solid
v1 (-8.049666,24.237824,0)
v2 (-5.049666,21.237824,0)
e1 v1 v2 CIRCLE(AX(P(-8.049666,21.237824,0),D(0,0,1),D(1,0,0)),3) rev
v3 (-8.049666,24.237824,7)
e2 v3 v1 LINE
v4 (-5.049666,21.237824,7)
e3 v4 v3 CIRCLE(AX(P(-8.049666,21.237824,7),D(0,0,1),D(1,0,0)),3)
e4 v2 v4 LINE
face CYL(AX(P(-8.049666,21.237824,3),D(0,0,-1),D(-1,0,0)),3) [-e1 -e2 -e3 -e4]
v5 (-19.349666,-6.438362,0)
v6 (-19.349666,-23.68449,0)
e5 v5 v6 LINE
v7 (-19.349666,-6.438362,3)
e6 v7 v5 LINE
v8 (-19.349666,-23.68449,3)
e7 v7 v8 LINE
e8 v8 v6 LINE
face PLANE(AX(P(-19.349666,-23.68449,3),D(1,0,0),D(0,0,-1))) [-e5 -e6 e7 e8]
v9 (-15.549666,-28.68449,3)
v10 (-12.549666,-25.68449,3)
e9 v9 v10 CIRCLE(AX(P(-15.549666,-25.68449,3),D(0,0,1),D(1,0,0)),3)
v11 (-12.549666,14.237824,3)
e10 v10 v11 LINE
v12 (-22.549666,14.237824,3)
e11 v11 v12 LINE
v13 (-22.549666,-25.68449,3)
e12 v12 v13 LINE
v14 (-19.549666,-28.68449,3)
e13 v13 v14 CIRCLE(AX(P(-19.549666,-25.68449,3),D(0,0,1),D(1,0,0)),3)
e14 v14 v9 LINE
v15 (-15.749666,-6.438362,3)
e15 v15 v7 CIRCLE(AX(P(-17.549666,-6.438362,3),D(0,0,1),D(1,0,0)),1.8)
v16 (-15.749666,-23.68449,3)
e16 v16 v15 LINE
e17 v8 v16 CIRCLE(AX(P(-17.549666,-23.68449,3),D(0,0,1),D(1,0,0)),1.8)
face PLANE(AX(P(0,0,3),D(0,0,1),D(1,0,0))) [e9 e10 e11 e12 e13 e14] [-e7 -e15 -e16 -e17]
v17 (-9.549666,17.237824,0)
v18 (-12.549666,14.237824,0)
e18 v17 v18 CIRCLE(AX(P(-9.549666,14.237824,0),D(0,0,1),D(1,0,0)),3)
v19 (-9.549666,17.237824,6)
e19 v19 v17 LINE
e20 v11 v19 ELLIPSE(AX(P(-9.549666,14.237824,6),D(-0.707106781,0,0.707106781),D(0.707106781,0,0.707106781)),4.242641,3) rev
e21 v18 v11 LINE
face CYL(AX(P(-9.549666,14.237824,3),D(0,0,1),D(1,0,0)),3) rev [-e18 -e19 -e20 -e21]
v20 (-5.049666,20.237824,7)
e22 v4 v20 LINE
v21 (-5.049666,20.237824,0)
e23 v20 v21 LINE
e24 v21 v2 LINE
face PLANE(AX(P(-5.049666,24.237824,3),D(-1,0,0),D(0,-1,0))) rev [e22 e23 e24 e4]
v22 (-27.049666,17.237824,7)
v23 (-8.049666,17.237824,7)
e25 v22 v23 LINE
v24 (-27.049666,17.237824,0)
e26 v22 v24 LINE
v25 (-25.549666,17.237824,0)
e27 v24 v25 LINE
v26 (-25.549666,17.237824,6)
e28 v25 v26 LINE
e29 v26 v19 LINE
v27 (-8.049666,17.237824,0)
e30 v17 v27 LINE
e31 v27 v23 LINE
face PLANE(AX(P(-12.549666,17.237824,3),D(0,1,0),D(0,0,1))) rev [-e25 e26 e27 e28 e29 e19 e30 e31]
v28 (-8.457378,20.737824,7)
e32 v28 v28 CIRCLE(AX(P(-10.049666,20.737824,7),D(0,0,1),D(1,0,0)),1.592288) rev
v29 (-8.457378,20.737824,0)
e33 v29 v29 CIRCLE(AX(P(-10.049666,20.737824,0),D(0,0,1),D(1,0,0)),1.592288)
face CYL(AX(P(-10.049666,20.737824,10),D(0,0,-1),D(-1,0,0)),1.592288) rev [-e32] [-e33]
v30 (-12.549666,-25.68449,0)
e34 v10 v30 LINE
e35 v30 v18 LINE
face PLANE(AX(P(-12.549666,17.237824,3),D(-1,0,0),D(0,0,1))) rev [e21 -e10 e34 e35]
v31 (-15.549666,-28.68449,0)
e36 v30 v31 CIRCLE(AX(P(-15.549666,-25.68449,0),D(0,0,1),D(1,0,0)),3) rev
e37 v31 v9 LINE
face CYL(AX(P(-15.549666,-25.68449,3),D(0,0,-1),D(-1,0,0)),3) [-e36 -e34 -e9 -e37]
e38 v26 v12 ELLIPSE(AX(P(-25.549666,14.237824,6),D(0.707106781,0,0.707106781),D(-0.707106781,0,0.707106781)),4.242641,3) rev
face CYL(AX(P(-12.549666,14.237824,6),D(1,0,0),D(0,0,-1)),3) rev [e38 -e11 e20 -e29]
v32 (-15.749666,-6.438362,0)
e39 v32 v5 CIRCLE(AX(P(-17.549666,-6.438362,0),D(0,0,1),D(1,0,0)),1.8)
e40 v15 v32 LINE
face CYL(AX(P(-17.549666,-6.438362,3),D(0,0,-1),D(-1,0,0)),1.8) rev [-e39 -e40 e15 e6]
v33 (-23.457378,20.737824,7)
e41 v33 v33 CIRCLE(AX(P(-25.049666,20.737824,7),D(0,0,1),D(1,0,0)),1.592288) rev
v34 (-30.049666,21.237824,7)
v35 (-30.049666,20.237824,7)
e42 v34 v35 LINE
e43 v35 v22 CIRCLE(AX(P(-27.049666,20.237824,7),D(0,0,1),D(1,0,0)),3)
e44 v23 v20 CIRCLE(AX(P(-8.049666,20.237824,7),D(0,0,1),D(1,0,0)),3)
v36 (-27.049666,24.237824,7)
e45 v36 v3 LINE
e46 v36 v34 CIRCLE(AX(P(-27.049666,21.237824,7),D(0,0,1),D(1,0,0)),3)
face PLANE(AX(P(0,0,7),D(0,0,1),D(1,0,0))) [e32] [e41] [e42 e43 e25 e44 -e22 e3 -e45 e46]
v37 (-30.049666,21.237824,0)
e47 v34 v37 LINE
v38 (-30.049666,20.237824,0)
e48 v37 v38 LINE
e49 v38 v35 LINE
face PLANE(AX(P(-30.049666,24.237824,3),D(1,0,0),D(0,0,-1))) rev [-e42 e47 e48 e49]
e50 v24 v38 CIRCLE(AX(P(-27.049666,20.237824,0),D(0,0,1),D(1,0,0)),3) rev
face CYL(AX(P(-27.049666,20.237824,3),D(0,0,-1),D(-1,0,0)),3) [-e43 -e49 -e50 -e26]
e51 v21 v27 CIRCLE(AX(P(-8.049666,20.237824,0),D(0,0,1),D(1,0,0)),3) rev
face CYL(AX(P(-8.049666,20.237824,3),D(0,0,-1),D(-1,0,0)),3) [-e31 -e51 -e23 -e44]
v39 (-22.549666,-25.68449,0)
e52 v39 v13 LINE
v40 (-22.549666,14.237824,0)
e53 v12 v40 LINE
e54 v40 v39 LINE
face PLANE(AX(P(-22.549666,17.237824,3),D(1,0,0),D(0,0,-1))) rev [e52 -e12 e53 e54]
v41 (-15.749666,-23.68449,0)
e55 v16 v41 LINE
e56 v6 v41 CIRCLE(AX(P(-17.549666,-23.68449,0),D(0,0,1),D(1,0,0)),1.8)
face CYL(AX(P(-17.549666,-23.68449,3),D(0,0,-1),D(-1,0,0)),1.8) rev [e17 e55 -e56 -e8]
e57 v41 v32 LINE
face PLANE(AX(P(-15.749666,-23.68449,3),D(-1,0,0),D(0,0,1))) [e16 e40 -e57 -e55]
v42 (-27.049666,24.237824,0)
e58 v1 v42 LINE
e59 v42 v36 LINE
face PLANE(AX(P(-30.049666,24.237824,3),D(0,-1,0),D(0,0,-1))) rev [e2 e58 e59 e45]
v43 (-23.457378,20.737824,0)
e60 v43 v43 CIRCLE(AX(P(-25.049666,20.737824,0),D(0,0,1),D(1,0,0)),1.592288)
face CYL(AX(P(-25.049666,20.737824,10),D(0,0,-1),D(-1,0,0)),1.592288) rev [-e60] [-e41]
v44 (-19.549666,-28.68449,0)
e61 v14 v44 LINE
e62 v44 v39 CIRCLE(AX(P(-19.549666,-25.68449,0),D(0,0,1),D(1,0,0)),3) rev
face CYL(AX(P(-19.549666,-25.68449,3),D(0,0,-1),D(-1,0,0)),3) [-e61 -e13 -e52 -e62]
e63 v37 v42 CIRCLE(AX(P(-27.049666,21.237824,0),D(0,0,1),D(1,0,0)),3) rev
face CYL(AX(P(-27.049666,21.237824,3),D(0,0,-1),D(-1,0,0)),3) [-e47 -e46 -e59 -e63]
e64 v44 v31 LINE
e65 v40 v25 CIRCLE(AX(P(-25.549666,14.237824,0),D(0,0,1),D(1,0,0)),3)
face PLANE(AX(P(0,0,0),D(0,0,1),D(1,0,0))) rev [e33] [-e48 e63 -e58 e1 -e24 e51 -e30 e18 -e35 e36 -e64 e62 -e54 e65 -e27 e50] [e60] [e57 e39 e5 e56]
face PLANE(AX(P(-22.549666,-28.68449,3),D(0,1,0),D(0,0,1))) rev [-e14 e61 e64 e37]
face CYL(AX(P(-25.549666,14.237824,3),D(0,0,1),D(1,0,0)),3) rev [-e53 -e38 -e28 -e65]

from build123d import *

# Parameters (mm, degrees)
BOSS_EXTRUDE1_DEPTH = 3
SKETCH3_W           = 25
SKETCH3_H           = 7
BOSS_EXTRUDE2_DEPTH = 4
SKETCH2_R           = 1.592288308
CUT_EXTRUDE1_DEPTH  = 10
FILLET1_R           = 3


with BuildPart() as part:
    # Sketch1 → Boss-Extrude1 (new body)
    with BuildSketch(Plane.XY):
        Polygon((-12.549665985, 17.237823834), (-5.049665985, 17.237823834), (-5.049665985, 24.237823834), (-30.049665985, 24.237823834), (-30.049665985, 17.237823834), (-22.549665985, 17.237823834), (-22.549665985, -28.68448974), (-12.549665985, -28.68448974), align=None)
        with BuildLine():
            Line((-19.349665985, -23.68448974), (-19.349665985, -6.438362401))
            ThreePointArc((-19.349665985, -6.438362401), (-17.549665985, -4.638362401), (-15.749665985, -6.438362401))
            Line((-15.749665985, -6.438362401), (-15.749665985, -23.68448974))
            ThreePointArc((-15.749665985, -23.68448974), (-17.549665985, -25.48448974), (-19.349665985, -23.68448974))
        make_face(mode=Mode.SUBTRACT)
    extrude(amount=BOSS_EXTRUDE1_DEPTH)

    # Sketch3 → Boss-Extrude2 (add)
    with BuildSketch(Plane.XY.offset(3)):
        with Locations((-17.549665985, 20.737823834)):
            Rectangle(SKETCH3_W, SKETCH3_H)
    extrude(amount=BOSS_EXTRUDE2_DEPTH)

    # Sketch2 → Cut-Extrude1 (cut)
    with BuildSketch(Plane.XY):
        with Locations((-25.049665985, 20.737823834)):
            Circle(SKETCH2_R)
        with Locations((-10.049665985, 20.737823834)):
            Circle(SKETCH2_R)
    extrude(amount=CUT_EXTRUDE1_DEPTH, mode=Mode.SUBTRACT)

    # Fillet1
    fillet1_edges = [part.edges().sort_by_distance(p)[0] for p in [
        (-5.049665985, 17.237823834, 3.5),
        (-12.549665985, 17.237823834, 1.5),
        (-12.549665985, -28.68448974, 1.5),
        (-22.549665985, -28.68448974, 1.5),
        (-22.549665985, 17.237823834, 1.5),
        (-30.049665985, 17.237823834, 3.5),
        (-30.049665985, 24.237823834, 3.5),
        (-5.049665985, 24.237823834, 3.5),
        (-17.549665985, 17.237823834, 3),
    ]]
    fillet(fillet1_edges, radius=FILLET1_R)


solid = part.part
